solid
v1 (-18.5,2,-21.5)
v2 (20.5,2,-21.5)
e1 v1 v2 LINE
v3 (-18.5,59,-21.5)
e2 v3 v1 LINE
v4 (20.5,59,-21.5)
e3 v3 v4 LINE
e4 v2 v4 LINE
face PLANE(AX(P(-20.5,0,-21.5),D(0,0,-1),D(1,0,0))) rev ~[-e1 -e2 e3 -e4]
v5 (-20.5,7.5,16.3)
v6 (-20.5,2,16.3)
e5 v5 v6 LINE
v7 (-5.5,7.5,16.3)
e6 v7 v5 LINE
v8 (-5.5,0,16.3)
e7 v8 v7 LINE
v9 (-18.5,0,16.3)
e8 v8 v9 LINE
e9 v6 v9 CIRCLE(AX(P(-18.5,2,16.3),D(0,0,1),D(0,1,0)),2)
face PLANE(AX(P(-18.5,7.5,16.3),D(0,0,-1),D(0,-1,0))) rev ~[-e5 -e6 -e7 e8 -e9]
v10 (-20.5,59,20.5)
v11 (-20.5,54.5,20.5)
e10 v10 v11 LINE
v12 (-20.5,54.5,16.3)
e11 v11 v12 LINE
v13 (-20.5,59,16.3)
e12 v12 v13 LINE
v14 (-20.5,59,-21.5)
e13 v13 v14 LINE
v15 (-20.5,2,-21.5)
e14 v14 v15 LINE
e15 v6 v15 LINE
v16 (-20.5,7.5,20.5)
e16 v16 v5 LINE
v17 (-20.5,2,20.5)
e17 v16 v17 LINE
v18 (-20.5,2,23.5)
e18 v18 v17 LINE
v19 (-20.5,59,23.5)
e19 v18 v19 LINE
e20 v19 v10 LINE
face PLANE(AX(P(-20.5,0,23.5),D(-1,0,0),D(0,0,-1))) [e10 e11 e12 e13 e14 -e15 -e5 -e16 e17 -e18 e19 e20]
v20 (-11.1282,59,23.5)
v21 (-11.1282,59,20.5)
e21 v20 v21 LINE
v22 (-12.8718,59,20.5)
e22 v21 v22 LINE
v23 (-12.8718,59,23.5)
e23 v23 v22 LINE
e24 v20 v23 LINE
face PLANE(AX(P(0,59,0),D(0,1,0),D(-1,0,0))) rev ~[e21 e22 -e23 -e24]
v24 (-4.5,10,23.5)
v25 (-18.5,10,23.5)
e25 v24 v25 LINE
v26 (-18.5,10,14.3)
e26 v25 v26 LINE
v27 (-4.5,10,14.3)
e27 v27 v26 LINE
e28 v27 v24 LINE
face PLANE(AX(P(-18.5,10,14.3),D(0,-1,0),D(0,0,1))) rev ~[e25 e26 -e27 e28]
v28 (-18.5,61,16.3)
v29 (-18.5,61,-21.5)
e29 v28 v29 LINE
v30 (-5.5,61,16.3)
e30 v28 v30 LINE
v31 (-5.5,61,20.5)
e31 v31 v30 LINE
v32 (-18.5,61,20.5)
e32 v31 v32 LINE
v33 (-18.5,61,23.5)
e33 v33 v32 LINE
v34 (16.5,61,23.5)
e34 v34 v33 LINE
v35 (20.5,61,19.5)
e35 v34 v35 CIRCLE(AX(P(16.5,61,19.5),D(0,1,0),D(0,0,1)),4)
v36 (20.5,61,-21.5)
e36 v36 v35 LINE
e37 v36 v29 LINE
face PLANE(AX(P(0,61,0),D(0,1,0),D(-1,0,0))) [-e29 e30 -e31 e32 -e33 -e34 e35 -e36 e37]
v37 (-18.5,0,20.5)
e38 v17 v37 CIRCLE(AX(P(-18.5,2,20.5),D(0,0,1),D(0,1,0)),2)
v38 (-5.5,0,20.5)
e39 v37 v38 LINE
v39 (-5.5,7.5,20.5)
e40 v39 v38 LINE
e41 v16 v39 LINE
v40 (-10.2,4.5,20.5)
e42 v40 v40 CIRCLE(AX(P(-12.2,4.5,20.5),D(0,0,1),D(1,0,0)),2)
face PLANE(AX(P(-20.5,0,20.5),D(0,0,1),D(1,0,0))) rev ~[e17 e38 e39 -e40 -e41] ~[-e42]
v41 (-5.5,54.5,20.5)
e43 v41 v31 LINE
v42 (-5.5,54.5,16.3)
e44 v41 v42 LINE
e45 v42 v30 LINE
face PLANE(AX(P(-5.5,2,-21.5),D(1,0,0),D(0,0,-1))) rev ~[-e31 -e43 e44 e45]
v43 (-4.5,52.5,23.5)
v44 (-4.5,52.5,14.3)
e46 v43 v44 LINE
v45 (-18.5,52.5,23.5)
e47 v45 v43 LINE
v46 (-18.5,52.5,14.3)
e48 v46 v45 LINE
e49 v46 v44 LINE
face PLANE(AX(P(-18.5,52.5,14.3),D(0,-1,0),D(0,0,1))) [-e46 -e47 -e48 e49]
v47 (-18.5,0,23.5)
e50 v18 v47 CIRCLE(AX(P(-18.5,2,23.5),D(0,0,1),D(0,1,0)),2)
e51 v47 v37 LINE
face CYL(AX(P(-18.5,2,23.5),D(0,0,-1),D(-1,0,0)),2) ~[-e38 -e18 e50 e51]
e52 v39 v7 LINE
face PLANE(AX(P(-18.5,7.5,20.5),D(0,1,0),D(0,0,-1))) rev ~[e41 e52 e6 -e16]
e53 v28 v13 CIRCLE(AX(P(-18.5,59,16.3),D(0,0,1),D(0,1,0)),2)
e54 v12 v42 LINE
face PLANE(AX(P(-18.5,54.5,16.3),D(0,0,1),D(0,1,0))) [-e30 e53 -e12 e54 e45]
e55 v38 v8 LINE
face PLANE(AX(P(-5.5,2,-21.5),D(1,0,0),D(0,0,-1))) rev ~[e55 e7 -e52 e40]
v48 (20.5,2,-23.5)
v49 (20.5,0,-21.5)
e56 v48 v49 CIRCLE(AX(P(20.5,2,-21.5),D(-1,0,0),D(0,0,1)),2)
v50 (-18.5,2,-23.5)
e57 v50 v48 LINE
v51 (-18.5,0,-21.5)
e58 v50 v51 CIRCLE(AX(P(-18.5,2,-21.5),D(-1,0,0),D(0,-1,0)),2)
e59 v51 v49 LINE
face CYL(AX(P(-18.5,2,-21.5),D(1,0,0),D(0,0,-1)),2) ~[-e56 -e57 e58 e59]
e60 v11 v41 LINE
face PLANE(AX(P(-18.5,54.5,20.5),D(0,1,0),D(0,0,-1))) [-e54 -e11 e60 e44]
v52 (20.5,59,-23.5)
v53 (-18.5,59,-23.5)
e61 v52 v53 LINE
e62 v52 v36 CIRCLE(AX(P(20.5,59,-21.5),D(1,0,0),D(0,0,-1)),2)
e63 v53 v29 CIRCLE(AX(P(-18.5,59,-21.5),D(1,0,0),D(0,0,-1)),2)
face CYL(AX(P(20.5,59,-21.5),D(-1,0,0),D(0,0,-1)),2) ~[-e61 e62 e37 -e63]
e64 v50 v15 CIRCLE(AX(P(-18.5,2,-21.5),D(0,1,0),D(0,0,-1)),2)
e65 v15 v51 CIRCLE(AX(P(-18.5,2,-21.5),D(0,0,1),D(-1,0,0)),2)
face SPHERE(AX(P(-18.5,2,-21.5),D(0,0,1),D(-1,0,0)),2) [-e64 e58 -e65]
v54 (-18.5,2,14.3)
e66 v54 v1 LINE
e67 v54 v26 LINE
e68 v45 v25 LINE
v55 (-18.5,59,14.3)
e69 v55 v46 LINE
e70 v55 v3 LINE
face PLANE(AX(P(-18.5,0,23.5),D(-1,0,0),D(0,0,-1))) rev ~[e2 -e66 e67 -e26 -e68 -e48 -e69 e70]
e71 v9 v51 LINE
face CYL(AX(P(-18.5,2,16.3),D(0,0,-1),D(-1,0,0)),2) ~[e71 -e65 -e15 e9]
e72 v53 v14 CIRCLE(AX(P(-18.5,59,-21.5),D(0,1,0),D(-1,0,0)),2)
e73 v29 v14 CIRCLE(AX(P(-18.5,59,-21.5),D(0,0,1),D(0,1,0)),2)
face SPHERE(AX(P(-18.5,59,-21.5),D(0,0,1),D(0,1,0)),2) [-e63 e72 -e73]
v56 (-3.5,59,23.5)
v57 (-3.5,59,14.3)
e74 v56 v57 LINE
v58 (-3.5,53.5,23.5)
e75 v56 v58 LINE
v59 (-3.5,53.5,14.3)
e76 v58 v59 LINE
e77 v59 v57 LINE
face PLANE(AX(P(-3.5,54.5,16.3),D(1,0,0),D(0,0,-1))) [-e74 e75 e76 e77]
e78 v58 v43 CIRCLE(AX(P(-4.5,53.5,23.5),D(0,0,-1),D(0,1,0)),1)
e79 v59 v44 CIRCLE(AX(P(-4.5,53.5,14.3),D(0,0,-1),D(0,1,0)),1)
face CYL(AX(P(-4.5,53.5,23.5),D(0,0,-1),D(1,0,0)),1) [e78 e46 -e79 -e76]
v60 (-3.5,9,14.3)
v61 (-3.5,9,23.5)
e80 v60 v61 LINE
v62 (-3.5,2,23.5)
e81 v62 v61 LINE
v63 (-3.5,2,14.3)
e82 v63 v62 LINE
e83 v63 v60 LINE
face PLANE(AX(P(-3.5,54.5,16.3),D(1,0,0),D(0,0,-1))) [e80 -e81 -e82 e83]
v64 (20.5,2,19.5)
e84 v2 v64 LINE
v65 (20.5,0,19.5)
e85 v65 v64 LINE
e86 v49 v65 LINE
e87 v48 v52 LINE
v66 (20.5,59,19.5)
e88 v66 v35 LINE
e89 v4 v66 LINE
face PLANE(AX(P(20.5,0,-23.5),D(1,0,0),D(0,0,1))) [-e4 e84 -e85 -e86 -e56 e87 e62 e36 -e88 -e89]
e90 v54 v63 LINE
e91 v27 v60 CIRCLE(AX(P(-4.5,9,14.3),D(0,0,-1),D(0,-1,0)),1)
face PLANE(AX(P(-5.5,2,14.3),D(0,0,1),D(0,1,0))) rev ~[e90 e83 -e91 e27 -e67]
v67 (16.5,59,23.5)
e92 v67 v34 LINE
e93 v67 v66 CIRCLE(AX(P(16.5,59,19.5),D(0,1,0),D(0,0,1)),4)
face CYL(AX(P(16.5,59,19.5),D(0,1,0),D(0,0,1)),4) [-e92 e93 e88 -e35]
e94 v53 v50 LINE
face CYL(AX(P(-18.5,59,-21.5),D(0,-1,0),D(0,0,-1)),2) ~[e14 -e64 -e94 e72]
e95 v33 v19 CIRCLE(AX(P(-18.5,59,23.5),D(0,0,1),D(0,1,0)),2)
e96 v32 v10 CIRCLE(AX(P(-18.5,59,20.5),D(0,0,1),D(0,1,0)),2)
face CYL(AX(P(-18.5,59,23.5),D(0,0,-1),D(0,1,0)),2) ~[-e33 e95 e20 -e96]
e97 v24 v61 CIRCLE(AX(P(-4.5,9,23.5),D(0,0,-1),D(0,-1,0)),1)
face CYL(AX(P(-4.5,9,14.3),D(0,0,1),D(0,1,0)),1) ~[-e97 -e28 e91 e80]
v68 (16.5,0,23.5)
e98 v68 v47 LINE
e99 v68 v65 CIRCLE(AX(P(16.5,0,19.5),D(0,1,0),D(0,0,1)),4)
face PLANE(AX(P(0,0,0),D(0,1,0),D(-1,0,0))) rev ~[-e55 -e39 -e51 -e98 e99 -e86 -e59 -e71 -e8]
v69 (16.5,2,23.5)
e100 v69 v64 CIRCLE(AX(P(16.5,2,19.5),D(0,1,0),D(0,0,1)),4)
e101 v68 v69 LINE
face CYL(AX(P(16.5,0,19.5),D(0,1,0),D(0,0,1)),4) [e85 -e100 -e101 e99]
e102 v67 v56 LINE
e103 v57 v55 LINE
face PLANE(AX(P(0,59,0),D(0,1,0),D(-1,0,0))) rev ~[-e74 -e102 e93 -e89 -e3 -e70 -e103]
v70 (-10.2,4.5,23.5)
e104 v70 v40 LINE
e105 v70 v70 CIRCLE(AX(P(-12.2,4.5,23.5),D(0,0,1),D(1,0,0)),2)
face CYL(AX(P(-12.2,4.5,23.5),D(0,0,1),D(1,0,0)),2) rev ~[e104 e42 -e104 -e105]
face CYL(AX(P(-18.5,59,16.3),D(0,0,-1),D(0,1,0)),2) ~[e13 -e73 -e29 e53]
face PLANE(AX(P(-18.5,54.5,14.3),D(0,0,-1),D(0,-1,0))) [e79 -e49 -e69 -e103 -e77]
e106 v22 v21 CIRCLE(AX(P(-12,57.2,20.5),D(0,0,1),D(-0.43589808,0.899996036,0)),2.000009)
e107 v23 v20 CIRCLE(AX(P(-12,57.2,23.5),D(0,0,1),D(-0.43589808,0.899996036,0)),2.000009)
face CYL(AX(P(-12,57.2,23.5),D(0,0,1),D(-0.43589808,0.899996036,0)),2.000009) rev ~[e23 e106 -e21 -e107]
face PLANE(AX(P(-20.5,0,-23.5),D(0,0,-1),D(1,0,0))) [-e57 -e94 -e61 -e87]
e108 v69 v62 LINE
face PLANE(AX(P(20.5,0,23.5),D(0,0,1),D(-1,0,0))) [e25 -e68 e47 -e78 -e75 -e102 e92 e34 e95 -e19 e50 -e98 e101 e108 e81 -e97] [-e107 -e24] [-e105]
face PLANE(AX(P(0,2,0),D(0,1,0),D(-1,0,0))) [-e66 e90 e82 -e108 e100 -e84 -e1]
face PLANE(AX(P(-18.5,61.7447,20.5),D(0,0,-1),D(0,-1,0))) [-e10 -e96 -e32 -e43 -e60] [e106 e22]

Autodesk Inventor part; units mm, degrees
ref_plane "YZ Plane" through (0, 0, 0) normal (1, 0, 0) x (0, 1, 0)
ref_plane "XZ Plane" through (0, 0, 0) normal (0, 1, 0) x (-1, 0, 0)
ref_plane "XY Plane" through (0, 0, 0) normal (0, 0, 1) x (1, 0, 0)
sketch "Esboço1" plane through (0, 0, 0) normal (0, 1, 0) x (-1, 0, 0)
  line L0 (-20.5, 23.5) -> (20.5, 23.5)
  line L1 (20.5, 23.5) -> (20.5, -23.5)
  line L2 (20.5, -23.5) -> (-20.5, -23.5)
  line L3 (-20.5, -23.5) -> (-20.5, 23.5)
  line L4 (-20.5, 23.5) -> (20.5, -23.5) construction
  line L5 (20.5, 23.5) -> (-20.5, -23.5) construction
  point P0 (0, 0)
  dimension "d0" = 41
  dimension "d1" = 47
extrude "Extrusão1" add sketch "Esboço1" along normal blind 61
shell "Casca1" thickness 2 removed faces 2 at (6.8333, 20.3333, 23.5) at (20.5, 20.3333, -7.8333)
sketch "Esboço4" plane through (-20.5, 0, 23.5) normal (0, 0, 1) x (1, 0, 0)
  line L0 (2, 2) -> (2, 59) projected
  line L1 (2, 59) -> (15, 59)
  line L2 (15, 59) -> (15, 54.5)
  line L3 (15, 54.5) -> (2, 54.5)
  line L4 (2, 54.5) -> (2, 59)
  line L5 (41, 2) -> (2, 2) projected
  line L6 (2, 2) -> (15, 2)
  line L7 (15, 2) -> (15, 7.5)
  line L8 (15, 7.5) -> (2, 7.5)
  line L9 (2, 7.5) -> (2, 2)
  arc A0 (7.6282, 59) -> (9.3718, 59) centre (8.5, 57.2) ccw
  circle A1 centre (8.3, 4.5) radius 2
  line L10 (41, 0) -> (0, 0) projected
  line L11 (0, 0) -> (0, 61) projected
  line L12 (0, 61) -> (41, 61) projected
  point P0 (20.5, 0)
  dimension "d15" = 13
  dimension "d16" = 4.5
  dimension "d17" = 13
  dimension "d18" = 5.5
  dimension "d19" = 4
  dimension "d20" = 4
  dimension "d21" = 4.5
  dimension "d22" = 8.3
  dimension "d23" = 3.8
  dimension "d24" = 8.5
extrude "Extrusão2" add sketch "Esboço4" against normal blind 3 contours L0 L1 A0 L2 L3 | L0 L8 L7 L5
fillet "Arredondamento4" radius 4 2 edges at (20.5, 60, 23.5) (20.5, 1, 23.5)
sketch "Esboço11" plane through (-18.5, 2, -21.5) normal (1, 0, 0) x (0, 0, -1)
  line L0 (-42, 5.5) -> (-42, 0) projected
  line L1 (-45, -2) -> (2, -2) projected
  line L2 (-42, 5.5) -> (-37.8, 5.5)
  line L3 (-37.8, 5.5) -> (-37.8, -2)
  line L4 (-37.8, -2) -> (-42, -2)
  line L5 (-42, -2) -> (-42, 5.5)
  line L6 (-42, 57) -> (-42, 52.5) projected
  line L7 (-42, 52.5) -> (-37.8, 52.5)
  line L8 (-37.8, 52.5) -> (-37.8, 59.7447)
  line L9 (-37.8, 59.7447) -> (-42, 59.7447)
  line L10 (-42, 59.7447) -> (-42, 52.5)
  point P0 (-21.5, -2)
  dimension "d47" = 4.2
  dimension "d48" = 4.2
extrude "Extrusão8" cut sketch "Esboço11" along normal blind 13 and the other way blind 2
sketch "Esboço12" plane through (-18.5, 2, -21.5) normal (1, 0, 0) x (0, 0, -1)
  line L0 (-37.8, -2) -> (-37.8, 0) projected
  line L1 (-37.8, -2) -> (-35.8, -2)
  line L2 (-35.8, -2) -> (-35.8, 8)
  line L3 (-35.8, 8) -> (-37.8, 8)
  line L4 (-37.8, 8) -> (-37.8, -2)
  line L5 (-45, 5.5) -> (-42, 5.5) projected
  line L6 (-45, 5.5) -> (-37.8, 5.5)
  line L7 (-37.8, 5.5) -> (-37.8, 8)
  line L8 (-37.8, 8) -> (-45, 8)
  line L9 (-45, 8) -> (-45, 5.5)
  line L10 (-45, 52.5) -> (-42, 52.5) projected
  line L11 (-45, 52.5) -> (-35.8, 52.5)
  line L12 (-35.8, 52.5) -> (-35.8, 50.5)
  line L13 (-35.8, 50.5) -> (-45, 50.5)
  line L14 (-45, 50.5) -> (-45, 52.5)
  line L15 (-37.8, 59) -> (-42, 59) projected
  line L16 (-35.8, 52.5) -> (-37.8, 52.5)
  line L17 (-37.8, 52.5) -> (-37.8, 59)
  line L18 (-37.8, 59) -> (-35.8, 59)
  line L19 (-35.8, 59) -> (-35.8, 52.5)
  point P0 (-21.5, -2)
  dimension "d53" = 2
  dimension "d54" = 10
  dimension "d55" = 9.2
  dimension "d56" = 2
extrude "Extrusão9" add sketch "Esboço12" along normal blind 13
sketch "Esboço13" plane through (-5.5, 54.5, 16.3) normal (1, 0, 0) x (0, 0, -1)
  line L0 (2, -44.5) -> (-7.2, -44.5) projected
  line L1 (2, -52.5) -> (2, -44.5) projected
  line L2 (-7.2, -44.5) -> (2, -44.5)
  line L3 (2, -44.5) -> (2, -52.5)
  line L4 (2, -52.5) -> (-7.2, -52.5)
  line L5 (-7.2, -52.5) -> (-7.2, -44.5)
  line L6 (-7.2, -2) -> (2, -2) projected
  line L7 (-3.2, 4.5) -> (37.8, 4.5) projected
  line L8 (-7.2, -2) -> (2, -2)
  line L9 (2, -2) -> (2, 4.5)
  line L10 (2, 4.5) -> (-7.2, 4.5)
  line L11 (-7.2, 4.5) -> (-7.2, -2)
  point P0 (16.3, -54.5)
extrude "Extrusão10" add sketch "Esboço13" along normal blind 2
fillet "Arredondamento5" radius 2 2 edges at (-20.5, 61, 22) (-20.5, 0, 22)
fillet "Arredondamento6" radius 2 2 edges at (-20.5, 61, -3.6) (-20.5, 0, -3.6)
fillet "Arredondamento7" radius 2 5 edges at (-19.9142, 60.4142, -23.5) (1, 61, -23.5) (-19.9142, 0.5858, -23.5) (1, 0, -23.5) (-20.5, 30.5, -23.5)
fillet "Arredondamento10" radius 1 2 edges at (-3.5, 52.5, 18.9) (-3.5, 10, 18.9)
properties part number "Caixa KS"
